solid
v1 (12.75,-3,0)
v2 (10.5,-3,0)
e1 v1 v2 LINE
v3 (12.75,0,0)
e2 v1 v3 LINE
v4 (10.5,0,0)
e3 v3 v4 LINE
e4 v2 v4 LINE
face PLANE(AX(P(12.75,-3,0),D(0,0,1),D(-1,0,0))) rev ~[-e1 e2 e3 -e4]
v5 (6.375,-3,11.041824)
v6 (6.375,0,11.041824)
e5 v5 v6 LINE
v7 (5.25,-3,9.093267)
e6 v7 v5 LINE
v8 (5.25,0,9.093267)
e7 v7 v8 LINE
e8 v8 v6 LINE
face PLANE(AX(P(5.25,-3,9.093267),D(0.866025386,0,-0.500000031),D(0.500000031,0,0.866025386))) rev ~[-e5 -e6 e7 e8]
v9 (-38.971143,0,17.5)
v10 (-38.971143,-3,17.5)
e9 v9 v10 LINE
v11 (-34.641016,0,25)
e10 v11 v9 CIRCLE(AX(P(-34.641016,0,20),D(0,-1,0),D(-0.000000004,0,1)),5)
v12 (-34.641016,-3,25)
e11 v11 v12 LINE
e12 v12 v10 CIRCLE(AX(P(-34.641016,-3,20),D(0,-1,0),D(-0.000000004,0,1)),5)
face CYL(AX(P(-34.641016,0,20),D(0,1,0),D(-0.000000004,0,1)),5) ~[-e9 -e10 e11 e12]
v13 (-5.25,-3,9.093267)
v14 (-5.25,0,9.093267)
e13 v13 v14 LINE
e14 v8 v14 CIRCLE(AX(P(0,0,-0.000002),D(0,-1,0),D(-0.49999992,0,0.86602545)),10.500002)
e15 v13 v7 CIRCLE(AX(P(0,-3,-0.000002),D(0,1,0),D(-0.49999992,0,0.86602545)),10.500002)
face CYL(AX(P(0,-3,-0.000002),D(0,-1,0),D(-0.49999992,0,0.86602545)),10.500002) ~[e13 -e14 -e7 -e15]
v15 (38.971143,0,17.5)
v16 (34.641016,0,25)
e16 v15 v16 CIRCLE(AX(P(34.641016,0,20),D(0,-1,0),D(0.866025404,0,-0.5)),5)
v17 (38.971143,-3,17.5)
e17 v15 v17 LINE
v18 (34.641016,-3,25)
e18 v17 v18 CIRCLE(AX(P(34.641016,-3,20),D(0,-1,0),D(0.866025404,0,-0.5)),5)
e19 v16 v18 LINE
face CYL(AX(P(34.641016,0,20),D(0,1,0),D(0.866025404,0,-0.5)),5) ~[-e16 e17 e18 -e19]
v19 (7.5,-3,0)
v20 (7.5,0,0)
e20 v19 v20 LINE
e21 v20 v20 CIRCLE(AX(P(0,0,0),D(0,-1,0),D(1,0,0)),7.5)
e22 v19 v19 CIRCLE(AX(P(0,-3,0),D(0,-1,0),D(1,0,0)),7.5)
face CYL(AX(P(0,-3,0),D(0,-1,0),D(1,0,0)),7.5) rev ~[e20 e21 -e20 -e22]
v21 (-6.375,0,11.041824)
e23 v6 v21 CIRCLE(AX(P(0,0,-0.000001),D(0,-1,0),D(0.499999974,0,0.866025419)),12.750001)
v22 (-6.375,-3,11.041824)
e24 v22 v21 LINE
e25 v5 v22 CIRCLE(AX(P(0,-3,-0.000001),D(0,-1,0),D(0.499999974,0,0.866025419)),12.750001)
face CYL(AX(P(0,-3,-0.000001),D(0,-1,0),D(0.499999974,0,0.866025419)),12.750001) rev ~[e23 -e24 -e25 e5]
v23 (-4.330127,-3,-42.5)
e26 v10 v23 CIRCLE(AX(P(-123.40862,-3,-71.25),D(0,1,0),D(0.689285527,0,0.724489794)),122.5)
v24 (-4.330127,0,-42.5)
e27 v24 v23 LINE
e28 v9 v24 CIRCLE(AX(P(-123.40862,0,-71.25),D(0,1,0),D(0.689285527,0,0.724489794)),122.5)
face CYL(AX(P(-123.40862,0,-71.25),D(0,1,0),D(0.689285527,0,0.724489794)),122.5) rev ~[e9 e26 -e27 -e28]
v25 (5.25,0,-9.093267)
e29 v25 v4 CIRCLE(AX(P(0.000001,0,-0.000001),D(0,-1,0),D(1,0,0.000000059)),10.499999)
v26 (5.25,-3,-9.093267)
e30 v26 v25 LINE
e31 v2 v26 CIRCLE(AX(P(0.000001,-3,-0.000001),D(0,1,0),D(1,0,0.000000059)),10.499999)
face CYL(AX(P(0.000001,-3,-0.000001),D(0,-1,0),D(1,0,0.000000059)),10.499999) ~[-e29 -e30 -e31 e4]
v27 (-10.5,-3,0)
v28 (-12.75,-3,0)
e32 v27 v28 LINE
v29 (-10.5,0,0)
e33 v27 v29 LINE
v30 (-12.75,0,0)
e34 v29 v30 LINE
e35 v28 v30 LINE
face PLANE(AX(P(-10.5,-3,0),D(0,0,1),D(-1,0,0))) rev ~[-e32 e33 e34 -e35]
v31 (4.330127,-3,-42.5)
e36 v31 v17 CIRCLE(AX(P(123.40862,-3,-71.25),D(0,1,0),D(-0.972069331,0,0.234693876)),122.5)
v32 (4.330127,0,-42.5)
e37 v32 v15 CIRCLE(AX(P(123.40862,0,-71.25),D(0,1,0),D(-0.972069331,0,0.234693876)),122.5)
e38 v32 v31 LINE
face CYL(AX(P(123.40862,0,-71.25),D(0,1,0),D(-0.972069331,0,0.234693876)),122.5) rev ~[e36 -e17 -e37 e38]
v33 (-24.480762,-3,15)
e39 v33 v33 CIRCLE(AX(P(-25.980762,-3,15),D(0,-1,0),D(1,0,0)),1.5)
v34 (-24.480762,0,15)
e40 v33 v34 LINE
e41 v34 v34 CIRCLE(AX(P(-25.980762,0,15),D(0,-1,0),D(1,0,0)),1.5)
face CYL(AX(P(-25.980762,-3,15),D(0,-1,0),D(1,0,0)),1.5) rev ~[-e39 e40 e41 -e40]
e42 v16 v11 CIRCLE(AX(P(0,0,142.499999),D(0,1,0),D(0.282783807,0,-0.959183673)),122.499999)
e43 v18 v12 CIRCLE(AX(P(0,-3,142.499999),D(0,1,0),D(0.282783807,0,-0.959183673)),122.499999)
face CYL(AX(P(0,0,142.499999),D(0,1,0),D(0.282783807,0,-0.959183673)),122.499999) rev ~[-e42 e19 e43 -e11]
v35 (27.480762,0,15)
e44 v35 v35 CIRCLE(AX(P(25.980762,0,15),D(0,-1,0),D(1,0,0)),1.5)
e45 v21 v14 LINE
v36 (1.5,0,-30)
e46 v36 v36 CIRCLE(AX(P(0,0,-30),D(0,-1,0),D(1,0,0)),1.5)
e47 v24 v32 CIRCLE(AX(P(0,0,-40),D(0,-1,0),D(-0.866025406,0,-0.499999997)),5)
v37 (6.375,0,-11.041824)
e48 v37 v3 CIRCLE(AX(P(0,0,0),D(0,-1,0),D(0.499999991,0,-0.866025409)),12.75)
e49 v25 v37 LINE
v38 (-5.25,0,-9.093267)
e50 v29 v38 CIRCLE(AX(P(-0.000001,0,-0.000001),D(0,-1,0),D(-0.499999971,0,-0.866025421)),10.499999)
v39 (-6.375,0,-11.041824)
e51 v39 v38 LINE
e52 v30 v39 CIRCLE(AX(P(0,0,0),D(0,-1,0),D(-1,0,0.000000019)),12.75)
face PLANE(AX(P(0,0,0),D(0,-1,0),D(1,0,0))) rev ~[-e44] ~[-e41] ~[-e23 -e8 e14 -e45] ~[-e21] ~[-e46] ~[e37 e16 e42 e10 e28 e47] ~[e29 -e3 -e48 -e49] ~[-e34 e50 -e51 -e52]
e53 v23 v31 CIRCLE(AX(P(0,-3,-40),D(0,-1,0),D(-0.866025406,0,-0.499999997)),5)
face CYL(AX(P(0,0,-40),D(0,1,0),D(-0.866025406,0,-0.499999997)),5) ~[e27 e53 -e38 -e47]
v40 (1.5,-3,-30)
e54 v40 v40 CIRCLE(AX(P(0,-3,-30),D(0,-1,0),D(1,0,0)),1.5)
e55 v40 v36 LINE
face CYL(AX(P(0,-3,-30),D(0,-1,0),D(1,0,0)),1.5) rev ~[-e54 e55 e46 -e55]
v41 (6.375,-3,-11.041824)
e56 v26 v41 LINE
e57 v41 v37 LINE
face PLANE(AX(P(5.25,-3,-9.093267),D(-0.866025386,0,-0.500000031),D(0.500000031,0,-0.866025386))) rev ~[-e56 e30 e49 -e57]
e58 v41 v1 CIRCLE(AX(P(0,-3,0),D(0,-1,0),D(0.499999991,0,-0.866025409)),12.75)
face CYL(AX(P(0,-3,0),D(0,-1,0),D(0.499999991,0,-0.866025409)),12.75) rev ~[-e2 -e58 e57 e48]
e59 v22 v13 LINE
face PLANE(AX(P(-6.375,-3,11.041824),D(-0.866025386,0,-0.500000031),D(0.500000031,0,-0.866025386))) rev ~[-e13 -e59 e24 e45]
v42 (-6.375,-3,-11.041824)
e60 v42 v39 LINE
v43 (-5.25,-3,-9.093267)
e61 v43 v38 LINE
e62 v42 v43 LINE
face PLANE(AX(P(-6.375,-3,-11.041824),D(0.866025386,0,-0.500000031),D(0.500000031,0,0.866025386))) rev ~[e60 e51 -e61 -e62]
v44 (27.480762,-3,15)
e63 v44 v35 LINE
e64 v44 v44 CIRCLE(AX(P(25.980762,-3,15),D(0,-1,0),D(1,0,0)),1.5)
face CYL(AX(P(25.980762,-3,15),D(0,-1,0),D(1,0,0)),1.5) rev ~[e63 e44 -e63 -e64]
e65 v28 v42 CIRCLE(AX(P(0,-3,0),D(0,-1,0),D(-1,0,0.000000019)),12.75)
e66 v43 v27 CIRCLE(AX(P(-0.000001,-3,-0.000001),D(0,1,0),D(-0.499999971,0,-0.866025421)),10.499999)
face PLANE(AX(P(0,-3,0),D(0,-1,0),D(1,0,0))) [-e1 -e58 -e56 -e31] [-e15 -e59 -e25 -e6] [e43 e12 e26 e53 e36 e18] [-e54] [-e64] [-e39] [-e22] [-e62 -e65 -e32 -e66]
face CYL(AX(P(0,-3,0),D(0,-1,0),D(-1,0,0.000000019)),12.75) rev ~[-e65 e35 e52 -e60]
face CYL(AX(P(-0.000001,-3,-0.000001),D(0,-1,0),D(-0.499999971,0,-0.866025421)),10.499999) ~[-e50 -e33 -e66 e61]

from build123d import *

# Parameters (mm, degrees)
F1_DEPTH = 3
F2_R     = 1.5
F2_R_2   = 7.5
F3_DEPTH = 3.001


with BuildPart() as f1:
    # F0 (on Front) → F1 (new body)
    with BuildSketch(Plane.XZ):
        with BuildLine():
            ThreePointArc((-38.971143, 17.5), (-17.320508, -10), (-4.330127, -42.5))
            ThreePointArc((-4.330127, -42.5), (0, -45), (4.330127, -42.5))
            ThreePointArc((4.330127, -42.5), (17.320508, -10), (38.971143, 17.5))
            ThreePointArc((38.971143, 17.5), (38.971143, 22.5), (34.641016, 25))
            ThreePointArc((34.641016, 25), (0, 20), (-34.641016, 25))
            ThreePointArc((-34.641016, 25), (-38.971143, 22.5), (-38.971143, 17.5))
        make_face()
    extrude(amount=F1_DEPTH)

    # F2 (on face) → F3 (cut, through all)
    with BuildSketch(Plane.XZ.offset(3)):
        with Locations((-25.980762, 15)):
            Circle(F2_R)
        Circle(F2_R_2)
        with Locations((25.980762, 15)):
            Circle(F2_R)
        with Locations((0, -30)):
            Circle(F2_R)
        with BuildLine():
            Line((5.25, 9.093267), (6.375, 11.041824))
            ThreePointArc((6.375, 11.041824), (0, 12.75), (-6.375, 11.041824))
            Line((-6.375, 11.041824), (-5.25, 9.093267))
            ThreePointArc((-5.25, 9.093267), (0, 10.5), (5.25, 9.093267))
        make_face()
        with BuildLine():
            ThreePointArc((6.375, -11.041824), (11.041824, -6.375), (12.75, 0))
            Line((12.75, 0), (10.5, 0))
            ThreePointArc((10.5, 0), (9.093267, -5.25), (5.25, -9.093267))
            Line((5.25, -9.093267), (6.375, -11.041824))
        make_face()
        with BuildLine():
            ThreePointArc((-12.75, 0), (-11.041824, -6.375), (-6.375, -11.041824))
            Line((-6.375, -11.041824), (-5.25, -9.093267))
            ThreePointArc((-5.25, -9.093267), (-9.093267, -5.25), (-10.5, 0))
            Line((-10.5, 0), (-12.75, 0))
        make_face()
    extrude(amount=-F3_DEPTH, mode=Mode.SUBTRACT)


solid = f1.part
